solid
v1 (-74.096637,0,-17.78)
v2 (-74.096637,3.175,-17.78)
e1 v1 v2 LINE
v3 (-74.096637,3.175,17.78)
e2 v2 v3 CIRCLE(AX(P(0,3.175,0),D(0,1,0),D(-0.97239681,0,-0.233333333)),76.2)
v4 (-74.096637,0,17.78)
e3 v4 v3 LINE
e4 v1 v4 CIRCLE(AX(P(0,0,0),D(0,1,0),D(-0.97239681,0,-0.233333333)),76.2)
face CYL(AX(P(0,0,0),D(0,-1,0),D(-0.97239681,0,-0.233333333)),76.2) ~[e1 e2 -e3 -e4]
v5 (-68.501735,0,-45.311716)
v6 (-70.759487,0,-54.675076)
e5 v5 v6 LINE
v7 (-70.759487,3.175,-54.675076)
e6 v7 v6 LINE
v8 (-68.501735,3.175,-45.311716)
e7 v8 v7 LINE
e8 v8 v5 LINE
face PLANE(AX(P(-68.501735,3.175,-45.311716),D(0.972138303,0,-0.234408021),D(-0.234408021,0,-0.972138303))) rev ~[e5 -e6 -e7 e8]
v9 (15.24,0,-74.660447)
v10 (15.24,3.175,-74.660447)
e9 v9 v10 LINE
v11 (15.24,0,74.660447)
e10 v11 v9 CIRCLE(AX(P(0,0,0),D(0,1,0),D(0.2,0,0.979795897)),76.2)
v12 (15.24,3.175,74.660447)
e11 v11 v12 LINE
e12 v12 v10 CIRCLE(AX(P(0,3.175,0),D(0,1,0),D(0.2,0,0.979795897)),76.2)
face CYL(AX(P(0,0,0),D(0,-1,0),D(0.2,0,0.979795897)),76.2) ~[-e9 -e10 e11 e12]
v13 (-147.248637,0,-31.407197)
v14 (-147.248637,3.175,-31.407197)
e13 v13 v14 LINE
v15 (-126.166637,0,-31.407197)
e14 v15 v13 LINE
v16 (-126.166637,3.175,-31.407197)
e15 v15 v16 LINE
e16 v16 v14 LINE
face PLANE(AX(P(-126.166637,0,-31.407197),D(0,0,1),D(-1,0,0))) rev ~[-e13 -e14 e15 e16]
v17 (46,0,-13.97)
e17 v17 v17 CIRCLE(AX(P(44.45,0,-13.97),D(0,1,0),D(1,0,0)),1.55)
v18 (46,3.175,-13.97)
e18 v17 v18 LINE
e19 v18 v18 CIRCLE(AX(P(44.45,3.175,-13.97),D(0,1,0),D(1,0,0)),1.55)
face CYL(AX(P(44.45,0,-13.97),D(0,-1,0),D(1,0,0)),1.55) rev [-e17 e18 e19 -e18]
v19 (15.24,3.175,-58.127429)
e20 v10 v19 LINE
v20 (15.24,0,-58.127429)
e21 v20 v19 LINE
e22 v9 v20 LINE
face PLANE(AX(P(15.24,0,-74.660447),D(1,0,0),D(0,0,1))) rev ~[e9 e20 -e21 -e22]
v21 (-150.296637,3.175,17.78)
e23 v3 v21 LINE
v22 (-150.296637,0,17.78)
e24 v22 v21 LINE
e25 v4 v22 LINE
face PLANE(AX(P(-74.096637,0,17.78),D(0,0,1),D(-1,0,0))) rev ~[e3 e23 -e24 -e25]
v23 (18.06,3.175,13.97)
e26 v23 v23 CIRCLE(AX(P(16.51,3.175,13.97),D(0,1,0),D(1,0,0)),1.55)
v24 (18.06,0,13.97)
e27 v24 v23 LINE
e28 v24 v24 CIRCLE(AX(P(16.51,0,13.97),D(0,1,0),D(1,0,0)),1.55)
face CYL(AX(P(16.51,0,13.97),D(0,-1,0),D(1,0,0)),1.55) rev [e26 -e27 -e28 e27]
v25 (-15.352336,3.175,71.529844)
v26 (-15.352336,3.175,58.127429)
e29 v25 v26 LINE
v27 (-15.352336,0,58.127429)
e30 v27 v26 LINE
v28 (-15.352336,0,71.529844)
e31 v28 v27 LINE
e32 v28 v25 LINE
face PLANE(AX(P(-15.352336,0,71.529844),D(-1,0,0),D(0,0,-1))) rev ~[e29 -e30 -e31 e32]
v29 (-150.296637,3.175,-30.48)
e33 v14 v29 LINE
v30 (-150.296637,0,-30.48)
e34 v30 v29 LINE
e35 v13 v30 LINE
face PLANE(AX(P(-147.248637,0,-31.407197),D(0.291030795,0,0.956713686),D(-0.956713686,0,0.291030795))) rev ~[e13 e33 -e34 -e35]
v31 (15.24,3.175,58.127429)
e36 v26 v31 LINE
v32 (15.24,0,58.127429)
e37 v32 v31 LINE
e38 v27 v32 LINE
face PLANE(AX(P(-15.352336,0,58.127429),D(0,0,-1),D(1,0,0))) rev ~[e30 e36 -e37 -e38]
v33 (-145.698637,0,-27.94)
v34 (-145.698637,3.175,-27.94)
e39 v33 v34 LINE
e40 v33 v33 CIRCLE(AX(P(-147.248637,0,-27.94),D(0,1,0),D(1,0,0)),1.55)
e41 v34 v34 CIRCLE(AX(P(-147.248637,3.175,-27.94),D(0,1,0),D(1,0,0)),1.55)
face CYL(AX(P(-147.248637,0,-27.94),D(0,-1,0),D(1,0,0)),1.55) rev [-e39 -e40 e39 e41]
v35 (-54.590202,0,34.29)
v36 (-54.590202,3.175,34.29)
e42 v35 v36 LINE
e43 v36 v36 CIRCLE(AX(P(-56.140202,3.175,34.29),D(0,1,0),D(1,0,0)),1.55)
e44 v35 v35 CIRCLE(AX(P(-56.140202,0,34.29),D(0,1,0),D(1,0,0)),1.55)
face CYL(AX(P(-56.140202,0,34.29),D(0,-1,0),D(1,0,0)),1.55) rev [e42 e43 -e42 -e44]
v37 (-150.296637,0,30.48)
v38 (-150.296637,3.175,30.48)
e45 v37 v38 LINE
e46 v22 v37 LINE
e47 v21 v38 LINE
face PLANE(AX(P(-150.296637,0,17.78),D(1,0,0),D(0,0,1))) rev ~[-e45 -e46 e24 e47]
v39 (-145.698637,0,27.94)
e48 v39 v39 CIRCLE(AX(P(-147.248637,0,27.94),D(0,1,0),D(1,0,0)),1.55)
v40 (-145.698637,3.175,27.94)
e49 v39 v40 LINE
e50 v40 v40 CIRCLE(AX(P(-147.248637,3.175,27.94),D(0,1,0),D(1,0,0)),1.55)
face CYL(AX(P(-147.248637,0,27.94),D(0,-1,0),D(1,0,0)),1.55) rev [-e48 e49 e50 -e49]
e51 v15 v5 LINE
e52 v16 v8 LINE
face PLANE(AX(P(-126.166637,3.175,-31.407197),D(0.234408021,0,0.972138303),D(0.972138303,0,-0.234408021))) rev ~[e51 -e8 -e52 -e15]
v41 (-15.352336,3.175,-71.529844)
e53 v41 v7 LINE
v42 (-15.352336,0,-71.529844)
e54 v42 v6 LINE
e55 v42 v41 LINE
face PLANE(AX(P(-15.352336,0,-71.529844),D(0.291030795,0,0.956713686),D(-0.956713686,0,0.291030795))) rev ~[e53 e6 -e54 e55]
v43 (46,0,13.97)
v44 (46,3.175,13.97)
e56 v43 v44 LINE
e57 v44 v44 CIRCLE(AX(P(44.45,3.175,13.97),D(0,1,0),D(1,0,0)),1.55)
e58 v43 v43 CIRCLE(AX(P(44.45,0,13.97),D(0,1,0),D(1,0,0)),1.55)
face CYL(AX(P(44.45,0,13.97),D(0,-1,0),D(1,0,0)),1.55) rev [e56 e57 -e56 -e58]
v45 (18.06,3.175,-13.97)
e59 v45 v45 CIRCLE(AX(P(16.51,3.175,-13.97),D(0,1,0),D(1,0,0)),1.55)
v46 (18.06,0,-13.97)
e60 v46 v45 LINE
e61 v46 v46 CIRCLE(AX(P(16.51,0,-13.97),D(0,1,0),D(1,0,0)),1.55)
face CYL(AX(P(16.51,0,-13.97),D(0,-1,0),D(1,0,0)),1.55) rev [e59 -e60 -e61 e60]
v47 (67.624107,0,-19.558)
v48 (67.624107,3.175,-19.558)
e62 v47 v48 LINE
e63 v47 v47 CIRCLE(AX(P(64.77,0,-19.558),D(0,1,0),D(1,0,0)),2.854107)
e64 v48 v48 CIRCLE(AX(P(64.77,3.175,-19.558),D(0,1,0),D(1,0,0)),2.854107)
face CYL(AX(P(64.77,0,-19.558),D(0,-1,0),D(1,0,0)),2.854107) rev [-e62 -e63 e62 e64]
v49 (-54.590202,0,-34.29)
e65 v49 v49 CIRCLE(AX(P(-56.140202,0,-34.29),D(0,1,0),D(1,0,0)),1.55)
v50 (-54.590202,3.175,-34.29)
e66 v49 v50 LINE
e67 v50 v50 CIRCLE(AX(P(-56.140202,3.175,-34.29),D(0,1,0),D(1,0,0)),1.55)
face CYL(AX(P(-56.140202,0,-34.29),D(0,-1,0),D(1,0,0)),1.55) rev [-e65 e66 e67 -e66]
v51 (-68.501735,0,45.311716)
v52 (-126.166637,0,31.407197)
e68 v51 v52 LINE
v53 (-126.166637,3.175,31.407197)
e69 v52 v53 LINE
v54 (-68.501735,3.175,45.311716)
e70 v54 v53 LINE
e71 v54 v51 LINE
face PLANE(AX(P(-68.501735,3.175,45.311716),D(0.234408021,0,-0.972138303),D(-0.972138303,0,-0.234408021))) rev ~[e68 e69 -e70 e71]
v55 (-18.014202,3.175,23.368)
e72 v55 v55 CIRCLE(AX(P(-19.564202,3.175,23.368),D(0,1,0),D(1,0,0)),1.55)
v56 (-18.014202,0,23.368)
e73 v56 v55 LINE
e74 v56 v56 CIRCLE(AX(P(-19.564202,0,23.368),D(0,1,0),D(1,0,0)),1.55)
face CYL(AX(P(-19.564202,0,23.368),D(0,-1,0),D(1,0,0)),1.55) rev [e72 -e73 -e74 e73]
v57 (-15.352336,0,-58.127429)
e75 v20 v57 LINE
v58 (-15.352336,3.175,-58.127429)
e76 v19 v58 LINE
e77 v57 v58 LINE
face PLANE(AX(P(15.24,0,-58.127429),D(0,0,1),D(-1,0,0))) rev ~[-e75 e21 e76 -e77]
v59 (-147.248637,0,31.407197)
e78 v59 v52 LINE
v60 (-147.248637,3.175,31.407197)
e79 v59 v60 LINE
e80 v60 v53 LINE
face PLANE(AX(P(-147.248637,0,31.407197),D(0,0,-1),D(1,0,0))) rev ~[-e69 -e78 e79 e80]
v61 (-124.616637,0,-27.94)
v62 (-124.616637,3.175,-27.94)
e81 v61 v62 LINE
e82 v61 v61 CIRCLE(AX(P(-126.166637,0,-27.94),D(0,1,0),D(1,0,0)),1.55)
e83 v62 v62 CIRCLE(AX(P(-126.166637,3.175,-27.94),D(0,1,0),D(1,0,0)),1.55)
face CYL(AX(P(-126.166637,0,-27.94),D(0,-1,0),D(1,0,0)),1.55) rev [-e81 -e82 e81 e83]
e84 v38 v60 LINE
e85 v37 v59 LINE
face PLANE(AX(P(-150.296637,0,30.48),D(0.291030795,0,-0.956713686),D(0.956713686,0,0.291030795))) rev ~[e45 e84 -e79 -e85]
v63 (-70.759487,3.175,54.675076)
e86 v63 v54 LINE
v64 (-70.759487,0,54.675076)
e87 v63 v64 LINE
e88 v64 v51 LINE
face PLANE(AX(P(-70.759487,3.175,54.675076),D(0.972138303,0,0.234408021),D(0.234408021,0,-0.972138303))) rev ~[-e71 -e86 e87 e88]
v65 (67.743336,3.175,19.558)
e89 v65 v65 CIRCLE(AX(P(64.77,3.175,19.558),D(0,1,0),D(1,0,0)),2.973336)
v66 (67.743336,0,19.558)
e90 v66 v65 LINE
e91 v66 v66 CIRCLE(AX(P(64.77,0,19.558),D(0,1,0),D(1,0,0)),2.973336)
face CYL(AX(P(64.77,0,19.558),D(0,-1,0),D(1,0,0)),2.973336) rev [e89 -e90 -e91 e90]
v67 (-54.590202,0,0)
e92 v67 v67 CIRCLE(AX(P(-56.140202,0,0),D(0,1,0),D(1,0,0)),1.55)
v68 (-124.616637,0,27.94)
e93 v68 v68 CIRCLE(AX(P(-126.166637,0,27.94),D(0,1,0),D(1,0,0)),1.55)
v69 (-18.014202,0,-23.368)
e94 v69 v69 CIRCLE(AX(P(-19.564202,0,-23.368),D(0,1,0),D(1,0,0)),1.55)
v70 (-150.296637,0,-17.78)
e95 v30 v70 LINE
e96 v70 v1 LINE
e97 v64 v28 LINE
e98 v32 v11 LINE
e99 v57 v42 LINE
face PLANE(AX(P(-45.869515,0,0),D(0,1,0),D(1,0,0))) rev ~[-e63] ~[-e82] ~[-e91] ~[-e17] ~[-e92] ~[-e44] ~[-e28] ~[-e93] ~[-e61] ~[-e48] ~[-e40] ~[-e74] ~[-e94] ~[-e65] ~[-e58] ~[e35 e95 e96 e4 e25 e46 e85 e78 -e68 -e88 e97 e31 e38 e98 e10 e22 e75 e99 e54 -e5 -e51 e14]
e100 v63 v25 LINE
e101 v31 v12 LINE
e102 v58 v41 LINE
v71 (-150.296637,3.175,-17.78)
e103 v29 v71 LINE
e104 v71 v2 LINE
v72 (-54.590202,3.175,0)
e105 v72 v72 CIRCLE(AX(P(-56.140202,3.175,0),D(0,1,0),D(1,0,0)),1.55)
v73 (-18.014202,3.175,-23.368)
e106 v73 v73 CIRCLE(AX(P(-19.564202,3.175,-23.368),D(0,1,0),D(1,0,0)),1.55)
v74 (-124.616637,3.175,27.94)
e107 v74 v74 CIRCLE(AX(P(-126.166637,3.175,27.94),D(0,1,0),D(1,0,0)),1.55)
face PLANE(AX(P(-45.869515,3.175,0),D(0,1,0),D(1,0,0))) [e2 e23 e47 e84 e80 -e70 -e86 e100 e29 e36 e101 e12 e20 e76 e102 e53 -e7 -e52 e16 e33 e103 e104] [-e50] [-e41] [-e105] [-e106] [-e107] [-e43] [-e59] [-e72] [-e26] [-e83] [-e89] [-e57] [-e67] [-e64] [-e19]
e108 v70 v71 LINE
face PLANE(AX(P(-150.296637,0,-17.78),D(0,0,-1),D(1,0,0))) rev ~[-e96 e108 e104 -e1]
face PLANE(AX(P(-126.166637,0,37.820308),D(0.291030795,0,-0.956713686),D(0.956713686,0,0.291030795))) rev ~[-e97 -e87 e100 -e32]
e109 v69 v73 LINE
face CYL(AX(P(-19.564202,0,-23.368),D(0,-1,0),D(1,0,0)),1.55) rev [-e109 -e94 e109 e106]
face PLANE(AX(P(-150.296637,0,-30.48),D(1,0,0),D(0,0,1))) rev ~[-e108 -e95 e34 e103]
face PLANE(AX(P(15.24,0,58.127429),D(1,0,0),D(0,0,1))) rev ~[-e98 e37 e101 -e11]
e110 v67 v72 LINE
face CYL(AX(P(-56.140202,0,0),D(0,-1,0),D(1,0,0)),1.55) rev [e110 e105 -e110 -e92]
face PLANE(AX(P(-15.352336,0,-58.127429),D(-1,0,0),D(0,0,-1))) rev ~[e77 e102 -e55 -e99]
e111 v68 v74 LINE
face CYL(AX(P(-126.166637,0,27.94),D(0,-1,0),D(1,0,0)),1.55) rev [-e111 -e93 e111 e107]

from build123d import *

# Parameters (mm, degrees)
SKETCH1_R           = 1.55
SKETCH1_R_2         = 2.97333552
SKETCH1_R_3         = 2.85410663
BOSS_EXTRUDE1_DEPTH = 3.175
CUT_EXTRUDE1_DEPTH  = 3.175


with BuildPart() as part:
    # Sketch1 → Boss-Extrude1 (new body)
    with BuildSketch(Plane(origin=(0, 0, 0), x_dir=(1, 0, 0), z_dir=(0, 1, 0))):
        with BuildLine():
            Line((-15.352336135, 71.529843551), (-126.166636901, 37.820307959))
            Line((-126.166636901, 37.820307959), (-126.166636901, 31.407196795))
            Line((-126.166636901, 31.407196795), (-147.248636901, 31.407196795))
            Line((-147.248636901, 31.407196795), (-150.296636901, 30.48))
            Line((-150.296636901, 30.48), (-150.296636901, 17.78))
            Line((-150.296636901, 17.78), (-74.096636901, 17.78))
            ThreePointArc((-74.096636901, 17.78), (-76.2, 0), (-74.096636901, -17.78))
            Line((-74.096636901, -17.78), (-150.296636901, -17.78))
            Line((-150.296636901, -17.78), (-150.296636901, -30.48))
            Line((-150.296636901, -30.48), (-147.248636901, -31.407196795))
            Line((-147.248636901, -31.407196795), (-126.166636901, -31.407196795))
            Line((-126.166636901, -31.407196795), (-126.166636901, -37.820307959))
            Line((-126.166636901, -37.820307959), (-15.352336135, -71.529843551))
            Line((-15.352336135, -71.529843551), (-15.352336135, -58.127428782))
            Line((-15.352336135, -58.127428782), (15.24, -58.127428782))
            Line((15.24, -58.127428782), (15.24, -74.66044736))
            ThreePointArc((15.24, -74.66044736), (76.2, 0), (15.24, 74.66044736))
            Line((15.24, 74.66044736), (15.24, 58.127428782))
            Line((15.24, 58.127428782), (-15.352336135, 58.127428782))
            Line((-15.352336135, 58.127428782), (-15.352336135, 71.529843551))
        make_face()
        with Locations((-56.1402016, 0)):
            Circle(SKETCH1_R, mode=Mode.SUBTRACT)
        with Locations((-19.5642016, -23.368)):
            Circle(SKETCH1_R, mode=Mode.SUBTRACT)
        with Locations((64.77, -19.558)):
            Circle(SKETCH1_R_2, mode=Mode.SUBTRACT)
        with Locations((16.51, -13.97)):
            Circle(SKETCH1_R, mode=Mode.SUBTRACT)
        with Locations((44.45, -13.97)):
            Circle(SKETCH1_R, mode=Mode.SUBTRACT)
        with Locations((-147.248636901, 27.94)):
            Circle(SKETCH1_R, mode=Mode.SUBTRACT)
        with Locations((-126.166636901, 27.94)):
            Circle(SKETCH1_R, mode=Mode.SUBTRACT)
        with Locations((-56.1402016, 34.29)):
            Circle(SKETCH1_R, mode=Mode.SUBTRACT)
        with Locations((16.51, 13.97)):
            Circle(SKETCH1_R, mode=Mode.SUBTRACT)
        with Locations((44.45, 13.97)):
            Circle(SKETCH1_R, mode=Mode.SUBTRACT)
        with Locations((64.77, 19.558)):
            Circle(SKETCH1_R_3, mode=Mode.SUBTRACT)
        with Locations((-19.5642016, 23.368)):
            Circle(SKETCH1_R, mode=Mode.SUBTRACT)
        with Locations((-56.1402016, -34.29)):
            Circle(SKETCH1_R, mode=Mode.SUBTRACT)
        with Locations((-126.166636901, -27.94)):
            Circle(SKETCH1_R, mode=Mode.SUBTRACT)
        with Locations((-147.248636901, -27.94)):
            Circle(SKETCH1_R, mode=Mode.SUBTRACT)
    extrude(amount=BOSS_EXTRUDE1_DEPTH)

    # Sketch2 → Cut-Extrude1 (cut)
    with BuildSketch(Plane(origin=(0, 3.175, 0), x_dir=(1, 0, 0), z_dir=(0, 1, 0))):
        Polygon((-126.166636901, 31.407196795), (-68.501735058, 45.311715833), (-70.759486518, 54.675075755), (-126.166636901, 37.820307959), align=None)
        Polygon((-68.501735058, -45.311715833), (-126.166636901, -31.407196795), (-126.166636901, -37.820307959), (-70.759486518, -54.675075755), align=None)
    extrude(amount=-CUT_EXTRUDE1_DEPTH, mode=Mode.SUBTRACT)


solid = part.part
